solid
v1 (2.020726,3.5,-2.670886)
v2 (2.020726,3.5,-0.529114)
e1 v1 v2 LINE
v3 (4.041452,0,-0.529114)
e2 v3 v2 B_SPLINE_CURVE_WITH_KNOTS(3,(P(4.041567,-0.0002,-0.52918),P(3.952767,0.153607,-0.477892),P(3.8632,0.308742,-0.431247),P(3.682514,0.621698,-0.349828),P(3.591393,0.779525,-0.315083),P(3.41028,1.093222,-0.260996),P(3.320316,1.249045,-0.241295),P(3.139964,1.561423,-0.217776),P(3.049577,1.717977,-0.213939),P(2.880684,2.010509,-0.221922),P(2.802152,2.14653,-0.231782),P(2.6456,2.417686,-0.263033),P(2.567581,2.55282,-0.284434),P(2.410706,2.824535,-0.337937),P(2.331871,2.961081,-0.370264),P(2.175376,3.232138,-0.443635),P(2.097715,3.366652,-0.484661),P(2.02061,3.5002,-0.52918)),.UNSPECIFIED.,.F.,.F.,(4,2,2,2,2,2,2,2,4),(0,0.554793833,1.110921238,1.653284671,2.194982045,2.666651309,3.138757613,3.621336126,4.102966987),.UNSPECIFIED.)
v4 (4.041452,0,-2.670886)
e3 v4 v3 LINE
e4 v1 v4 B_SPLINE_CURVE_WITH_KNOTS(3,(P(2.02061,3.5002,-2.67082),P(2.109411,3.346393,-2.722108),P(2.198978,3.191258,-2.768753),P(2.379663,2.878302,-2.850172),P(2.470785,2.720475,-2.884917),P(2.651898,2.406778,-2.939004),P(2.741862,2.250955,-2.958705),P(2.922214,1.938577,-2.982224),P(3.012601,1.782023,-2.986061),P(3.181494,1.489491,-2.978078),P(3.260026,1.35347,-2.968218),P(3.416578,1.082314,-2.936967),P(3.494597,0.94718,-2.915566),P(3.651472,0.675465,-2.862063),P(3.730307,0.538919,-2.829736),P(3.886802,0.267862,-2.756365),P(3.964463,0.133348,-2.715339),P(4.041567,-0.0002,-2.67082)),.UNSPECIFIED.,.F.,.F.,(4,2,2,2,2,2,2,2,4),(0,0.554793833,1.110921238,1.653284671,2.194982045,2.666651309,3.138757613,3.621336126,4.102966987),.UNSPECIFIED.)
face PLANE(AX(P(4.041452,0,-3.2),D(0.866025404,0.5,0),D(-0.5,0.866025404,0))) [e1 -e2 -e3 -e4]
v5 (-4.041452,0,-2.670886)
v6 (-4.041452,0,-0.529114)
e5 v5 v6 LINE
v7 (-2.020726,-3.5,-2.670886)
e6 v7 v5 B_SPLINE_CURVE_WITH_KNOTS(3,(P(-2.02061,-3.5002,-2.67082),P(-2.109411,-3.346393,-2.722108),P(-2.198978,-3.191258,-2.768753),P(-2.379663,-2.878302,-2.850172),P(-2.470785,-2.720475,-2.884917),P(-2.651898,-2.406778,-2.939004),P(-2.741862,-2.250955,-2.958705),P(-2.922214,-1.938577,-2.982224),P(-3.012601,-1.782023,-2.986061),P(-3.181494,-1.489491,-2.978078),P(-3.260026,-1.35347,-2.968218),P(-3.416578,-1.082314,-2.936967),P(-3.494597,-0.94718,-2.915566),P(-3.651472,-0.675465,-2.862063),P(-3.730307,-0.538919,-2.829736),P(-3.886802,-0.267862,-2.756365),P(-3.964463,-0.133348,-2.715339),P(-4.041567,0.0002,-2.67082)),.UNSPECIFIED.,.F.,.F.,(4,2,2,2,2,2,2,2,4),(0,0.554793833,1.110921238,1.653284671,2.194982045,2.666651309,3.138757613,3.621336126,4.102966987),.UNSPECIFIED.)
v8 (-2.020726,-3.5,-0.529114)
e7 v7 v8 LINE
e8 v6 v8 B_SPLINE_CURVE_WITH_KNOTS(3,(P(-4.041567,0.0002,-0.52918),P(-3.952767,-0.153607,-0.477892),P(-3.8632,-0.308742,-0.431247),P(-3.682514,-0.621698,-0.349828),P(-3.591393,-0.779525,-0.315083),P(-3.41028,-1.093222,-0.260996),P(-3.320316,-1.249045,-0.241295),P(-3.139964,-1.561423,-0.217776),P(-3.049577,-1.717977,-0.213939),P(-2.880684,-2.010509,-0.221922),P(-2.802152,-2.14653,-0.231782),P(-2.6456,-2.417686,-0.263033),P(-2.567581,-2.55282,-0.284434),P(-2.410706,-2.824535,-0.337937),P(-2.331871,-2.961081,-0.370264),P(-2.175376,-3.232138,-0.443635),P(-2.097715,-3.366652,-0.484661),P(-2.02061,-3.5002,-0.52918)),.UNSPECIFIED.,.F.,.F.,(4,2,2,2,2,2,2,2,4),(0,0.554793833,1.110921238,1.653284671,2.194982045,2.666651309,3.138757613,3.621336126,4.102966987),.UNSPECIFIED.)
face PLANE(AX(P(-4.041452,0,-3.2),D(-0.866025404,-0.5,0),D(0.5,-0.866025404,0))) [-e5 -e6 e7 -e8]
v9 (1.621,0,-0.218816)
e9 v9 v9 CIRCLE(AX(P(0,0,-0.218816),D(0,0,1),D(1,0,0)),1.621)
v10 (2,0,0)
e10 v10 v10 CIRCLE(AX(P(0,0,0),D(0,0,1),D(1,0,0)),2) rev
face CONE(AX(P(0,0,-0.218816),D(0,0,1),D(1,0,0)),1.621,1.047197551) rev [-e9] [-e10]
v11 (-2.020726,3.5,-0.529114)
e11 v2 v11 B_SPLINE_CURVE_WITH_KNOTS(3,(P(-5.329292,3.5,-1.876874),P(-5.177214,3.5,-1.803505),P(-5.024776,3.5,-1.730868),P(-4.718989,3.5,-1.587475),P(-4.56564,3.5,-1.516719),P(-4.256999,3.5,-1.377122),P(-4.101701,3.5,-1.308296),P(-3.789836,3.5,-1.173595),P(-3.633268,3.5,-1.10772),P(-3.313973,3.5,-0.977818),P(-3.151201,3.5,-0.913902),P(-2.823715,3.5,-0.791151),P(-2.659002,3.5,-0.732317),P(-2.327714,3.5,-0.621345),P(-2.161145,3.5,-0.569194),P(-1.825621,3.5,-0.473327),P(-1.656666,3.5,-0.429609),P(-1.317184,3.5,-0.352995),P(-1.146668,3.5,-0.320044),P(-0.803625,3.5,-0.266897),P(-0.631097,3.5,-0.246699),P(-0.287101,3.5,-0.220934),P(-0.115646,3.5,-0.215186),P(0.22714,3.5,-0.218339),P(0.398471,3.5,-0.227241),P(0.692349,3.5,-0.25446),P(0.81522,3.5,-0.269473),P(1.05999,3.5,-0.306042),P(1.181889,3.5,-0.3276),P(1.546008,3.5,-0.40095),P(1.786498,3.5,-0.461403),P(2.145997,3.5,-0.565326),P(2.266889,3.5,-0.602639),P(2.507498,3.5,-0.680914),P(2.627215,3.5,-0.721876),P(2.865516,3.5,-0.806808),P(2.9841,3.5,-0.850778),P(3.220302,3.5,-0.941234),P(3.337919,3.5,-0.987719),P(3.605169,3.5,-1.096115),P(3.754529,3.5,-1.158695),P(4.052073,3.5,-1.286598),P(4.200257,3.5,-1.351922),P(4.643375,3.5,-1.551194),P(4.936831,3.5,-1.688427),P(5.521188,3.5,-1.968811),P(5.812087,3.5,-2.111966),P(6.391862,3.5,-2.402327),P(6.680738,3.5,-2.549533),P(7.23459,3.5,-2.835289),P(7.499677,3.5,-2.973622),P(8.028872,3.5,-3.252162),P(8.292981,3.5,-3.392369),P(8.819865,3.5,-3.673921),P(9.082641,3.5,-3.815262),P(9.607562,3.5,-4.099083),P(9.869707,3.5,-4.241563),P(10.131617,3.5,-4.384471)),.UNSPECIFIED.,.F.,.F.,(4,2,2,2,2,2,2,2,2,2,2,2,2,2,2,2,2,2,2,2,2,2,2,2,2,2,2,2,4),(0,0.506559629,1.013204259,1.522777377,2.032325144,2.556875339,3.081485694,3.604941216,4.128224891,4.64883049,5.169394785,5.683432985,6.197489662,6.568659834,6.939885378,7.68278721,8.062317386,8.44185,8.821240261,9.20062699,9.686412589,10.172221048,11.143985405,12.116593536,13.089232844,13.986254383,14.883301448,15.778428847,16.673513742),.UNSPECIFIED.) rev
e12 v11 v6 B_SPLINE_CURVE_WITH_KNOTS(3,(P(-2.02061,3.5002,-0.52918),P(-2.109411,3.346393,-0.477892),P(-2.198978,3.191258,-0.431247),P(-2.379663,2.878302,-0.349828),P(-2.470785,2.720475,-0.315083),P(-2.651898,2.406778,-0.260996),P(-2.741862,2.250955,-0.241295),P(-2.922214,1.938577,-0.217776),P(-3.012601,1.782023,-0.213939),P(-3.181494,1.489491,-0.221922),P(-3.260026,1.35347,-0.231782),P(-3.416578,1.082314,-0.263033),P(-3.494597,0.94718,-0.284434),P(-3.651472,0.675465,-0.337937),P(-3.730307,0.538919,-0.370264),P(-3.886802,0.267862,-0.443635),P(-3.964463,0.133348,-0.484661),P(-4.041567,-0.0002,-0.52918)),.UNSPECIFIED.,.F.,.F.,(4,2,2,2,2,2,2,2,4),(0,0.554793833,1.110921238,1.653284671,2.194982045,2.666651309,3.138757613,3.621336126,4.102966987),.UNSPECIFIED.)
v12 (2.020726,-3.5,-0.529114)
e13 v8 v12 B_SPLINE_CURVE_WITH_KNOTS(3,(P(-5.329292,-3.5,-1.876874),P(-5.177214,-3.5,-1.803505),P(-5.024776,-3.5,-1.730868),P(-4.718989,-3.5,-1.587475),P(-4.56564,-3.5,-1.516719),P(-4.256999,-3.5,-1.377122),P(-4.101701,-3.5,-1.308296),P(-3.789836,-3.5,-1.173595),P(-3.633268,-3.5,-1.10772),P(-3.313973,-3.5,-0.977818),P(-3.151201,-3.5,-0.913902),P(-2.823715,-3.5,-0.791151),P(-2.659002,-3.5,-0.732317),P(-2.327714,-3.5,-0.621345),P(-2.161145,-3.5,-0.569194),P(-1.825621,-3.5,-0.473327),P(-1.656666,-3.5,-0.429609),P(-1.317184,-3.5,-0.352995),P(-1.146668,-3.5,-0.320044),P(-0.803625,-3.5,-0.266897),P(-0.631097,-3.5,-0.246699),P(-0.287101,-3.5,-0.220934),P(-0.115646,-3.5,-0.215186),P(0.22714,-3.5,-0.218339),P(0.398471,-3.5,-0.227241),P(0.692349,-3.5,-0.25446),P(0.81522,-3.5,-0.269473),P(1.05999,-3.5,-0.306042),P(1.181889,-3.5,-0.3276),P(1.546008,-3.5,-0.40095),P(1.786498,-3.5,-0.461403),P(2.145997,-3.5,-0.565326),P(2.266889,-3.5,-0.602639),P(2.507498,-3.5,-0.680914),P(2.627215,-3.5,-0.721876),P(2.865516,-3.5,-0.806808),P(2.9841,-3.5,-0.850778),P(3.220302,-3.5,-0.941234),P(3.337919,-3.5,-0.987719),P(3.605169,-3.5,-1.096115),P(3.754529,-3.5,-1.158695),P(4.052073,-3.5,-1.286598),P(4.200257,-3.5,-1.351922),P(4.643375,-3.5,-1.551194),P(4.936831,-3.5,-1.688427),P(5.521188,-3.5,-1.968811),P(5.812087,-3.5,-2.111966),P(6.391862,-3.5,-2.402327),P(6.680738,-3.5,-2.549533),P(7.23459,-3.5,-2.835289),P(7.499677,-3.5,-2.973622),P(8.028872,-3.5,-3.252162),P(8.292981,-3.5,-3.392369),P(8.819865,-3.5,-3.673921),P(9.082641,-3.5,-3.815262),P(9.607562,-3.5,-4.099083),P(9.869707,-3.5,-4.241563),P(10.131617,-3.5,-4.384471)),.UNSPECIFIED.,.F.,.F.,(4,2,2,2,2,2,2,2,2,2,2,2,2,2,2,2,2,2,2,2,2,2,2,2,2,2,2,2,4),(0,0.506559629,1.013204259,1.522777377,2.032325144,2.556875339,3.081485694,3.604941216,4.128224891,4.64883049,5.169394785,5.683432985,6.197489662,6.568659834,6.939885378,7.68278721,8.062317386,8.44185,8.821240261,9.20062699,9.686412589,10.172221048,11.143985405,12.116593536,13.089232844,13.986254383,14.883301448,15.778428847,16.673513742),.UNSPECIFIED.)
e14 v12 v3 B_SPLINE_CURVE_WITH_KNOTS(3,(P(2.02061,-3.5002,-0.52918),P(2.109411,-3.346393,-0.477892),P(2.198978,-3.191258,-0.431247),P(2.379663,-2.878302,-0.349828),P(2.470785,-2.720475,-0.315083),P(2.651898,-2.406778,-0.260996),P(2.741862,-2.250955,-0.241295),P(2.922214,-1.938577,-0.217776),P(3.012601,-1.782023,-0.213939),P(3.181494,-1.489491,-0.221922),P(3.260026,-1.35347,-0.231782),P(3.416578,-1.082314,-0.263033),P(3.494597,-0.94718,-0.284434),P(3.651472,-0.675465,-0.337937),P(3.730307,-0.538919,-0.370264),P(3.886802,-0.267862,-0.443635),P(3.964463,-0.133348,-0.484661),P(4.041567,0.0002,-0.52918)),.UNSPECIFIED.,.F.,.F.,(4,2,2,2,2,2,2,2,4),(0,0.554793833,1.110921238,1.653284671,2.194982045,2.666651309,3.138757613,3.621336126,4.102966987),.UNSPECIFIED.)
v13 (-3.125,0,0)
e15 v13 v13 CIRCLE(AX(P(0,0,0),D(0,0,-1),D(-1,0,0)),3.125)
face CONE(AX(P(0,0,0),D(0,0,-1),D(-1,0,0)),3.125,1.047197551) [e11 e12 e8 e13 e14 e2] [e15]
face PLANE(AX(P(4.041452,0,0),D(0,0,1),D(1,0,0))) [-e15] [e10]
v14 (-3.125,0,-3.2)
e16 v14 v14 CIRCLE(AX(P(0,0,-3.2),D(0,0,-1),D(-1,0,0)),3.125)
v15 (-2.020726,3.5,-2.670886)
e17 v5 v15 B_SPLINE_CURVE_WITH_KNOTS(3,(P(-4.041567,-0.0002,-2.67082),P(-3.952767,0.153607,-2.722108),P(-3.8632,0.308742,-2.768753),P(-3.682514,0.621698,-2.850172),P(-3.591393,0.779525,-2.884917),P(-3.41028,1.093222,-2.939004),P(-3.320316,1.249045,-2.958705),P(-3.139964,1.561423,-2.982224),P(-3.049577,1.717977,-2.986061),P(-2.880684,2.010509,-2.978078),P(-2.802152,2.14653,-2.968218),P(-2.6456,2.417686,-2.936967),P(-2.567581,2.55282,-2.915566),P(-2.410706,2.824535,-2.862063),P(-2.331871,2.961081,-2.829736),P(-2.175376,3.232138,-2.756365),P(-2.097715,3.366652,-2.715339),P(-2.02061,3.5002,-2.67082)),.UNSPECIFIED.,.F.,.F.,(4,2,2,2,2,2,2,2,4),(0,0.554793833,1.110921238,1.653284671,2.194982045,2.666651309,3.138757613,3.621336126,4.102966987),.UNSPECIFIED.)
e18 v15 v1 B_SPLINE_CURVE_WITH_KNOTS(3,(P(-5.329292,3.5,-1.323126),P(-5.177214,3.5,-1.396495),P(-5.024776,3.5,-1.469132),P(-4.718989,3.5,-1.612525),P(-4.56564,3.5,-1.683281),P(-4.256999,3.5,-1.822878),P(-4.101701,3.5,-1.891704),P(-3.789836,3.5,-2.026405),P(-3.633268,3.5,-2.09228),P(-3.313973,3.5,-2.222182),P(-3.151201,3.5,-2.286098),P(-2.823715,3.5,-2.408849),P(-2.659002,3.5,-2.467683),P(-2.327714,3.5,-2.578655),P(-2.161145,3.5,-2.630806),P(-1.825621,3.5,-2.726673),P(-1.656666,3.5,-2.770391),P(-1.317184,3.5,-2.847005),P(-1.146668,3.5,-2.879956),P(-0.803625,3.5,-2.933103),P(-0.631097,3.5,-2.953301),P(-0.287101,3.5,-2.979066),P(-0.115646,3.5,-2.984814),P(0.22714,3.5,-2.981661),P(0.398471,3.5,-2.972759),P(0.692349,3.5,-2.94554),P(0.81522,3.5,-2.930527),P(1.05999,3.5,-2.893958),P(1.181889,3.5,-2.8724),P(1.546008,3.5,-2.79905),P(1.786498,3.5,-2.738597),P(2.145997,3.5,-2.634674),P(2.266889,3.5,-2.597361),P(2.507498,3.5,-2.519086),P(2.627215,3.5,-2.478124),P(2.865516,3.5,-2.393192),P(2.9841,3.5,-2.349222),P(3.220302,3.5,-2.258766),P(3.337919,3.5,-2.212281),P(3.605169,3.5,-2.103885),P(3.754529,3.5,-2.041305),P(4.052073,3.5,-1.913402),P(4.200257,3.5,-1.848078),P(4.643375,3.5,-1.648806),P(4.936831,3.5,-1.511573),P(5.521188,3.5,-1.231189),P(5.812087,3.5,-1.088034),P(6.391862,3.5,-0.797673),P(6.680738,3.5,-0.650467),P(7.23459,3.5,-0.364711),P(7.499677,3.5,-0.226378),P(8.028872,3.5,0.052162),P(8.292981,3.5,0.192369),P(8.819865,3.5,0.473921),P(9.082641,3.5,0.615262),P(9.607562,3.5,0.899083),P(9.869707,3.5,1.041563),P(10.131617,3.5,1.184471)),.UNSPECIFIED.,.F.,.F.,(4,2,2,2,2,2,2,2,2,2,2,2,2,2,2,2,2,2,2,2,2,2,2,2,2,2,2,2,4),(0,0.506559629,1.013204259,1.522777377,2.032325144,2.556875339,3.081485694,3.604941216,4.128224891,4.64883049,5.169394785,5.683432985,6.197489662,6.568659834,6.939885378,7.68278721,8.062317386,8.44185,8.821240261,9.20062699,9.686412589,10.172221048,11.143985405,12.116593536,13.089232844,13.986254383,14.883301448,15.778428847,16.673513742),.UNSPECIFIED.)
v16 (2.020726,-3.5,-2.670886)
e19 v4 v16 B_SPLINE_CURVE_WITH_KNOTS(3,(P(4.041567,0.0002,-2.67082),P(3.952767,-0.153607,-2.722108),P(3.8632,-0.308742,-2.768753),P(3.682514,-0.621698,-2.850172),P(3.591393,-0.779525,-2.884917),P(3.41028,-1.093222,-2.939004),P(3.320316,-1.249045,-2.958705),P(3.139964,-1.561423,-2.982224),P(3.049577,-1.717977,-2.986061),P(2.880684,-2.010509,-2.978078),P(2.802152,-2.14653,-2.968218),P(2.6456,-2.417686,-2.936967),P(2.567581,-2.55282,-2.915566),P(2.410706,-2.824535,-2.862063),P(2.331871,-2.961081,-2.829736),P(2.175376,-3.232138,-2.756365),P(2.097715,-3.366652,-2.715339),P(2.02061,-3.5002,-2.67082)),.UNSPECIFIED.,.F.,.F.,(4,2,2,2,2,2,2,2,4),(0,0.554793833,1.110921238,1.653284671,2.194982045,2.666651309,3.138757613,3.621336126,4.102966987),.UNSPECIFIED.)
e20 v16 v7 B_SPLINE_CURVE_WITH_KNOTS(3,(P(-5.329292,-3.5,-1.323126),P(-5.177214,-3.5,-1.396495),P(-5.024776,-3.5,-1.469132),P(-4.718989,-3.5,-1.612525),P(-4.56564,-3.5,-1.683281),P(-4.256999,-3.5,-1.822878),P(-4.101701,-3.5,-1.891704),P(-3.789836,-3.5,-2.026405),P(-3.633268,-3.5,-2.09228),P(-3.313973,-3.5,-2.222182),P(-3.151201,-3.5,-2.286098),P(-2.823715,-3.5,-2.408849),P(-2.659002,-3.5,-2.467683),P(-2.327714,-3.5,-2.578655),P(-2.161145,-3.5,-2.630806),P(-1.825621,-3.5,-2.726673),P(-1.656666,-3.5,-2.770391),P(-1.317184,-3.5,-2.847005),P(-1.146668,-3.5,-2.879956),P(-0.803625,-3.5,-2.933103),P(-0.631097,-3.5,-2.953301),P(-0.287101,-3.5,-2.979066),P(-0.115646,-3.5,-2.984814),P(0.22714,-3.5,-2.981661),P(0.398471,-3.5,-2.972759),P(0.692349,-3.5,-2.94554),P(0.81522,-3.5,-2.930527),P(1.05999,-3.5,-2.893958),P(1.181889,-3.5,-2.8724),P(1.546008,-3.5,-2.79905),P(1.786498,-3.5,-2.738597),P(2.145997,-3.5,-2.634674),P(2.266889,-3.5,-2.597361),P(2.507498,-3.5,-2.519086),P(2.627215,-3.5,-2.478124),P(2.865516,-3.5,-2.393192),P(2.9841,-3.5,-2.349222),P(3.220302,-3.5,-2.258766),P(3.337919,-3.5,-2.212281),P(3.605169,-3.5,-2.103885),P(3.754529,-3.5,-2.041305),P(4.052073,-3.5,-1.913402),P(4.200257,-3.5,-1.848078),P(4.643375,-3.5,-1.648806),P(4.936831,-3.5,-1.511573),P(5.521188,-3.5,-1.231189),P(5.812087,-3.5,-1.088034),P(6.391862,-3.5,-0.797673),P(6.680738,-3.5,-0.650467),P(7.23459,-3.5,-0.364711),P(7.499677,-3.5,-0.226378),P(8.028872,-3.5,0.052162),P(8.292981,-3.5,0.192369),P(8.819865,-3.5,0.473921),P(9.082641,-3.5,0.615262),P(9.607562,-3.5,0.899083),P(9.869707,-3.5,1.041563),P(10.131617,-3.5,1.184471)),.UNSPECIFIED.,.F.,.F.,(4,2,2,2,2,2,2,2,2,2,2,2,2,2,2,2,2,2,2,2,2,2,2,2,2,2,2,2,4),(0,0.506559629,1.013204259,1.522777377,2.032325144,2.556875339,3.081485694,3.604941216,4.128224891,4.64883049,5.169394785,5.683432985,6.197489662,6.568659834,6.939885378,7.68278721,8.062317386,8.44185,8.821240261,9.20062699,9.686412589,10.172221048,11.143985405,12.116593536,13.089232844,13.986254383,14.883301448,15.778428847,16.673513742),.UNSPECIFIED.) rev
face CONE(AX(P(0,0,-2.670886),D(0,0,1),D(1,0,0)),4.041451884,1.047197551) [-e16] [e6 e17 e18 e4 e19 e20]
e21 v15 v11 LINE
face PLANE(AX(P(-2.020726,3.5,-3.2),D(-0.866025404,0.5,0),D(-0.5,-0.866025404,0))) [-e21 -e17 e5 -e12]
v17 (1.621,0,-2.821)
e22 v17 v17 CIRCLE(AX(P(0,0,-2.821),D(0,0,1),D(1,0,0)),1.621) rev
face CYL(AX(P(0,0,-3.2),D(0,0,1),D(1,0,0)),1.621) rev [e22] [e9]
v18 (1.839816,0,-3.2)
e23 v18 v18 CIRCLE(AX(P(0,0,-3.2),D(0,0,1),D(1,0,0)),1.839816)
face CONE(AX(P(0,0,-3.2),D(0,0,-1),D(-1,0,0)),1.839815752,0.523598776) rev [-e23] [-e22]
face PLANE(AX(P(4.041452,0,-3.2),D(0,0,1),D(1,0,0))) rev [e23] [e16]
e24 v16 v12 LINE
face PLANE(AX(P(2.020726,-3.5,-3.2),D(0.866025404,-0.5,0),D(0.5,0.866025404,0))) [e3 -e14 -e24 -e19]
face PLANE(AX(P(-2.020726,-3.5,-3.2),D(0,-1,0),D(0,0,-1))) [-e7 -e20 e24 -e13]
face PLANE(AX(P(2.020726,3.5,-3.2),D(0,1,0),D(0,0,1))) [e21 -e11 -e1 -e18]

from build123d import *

# Parameters (mm, degrees)
SKETCH1_R               = 1.621
BASENUT_DEPTH           = 3.2
ENDCHAMFER_SIZE         = 0.379
ENDCHAMFER_SIZE2        = 0.218815752
ENDCHAMFER_PART_2_SIZE  = 0.379
ENDCHAMFER_PART_2_SIZE2 = 0.218815752


with BuildPart() as part:
    # Sketch1 → BaseNut (new body)
    with BuildSketch(Plane.XY):
        Polygon((4.041451884, 0), (2.020725942, 3.5), (-2.020725942, 3.5), (-4.041451884, 0), (-2.020725942, -3.5), (2.020725942, -3.5), align=None)
        Circle(SKETCH1_R, mode=Mode.SUBTRACT)
    extrude(amount=-BASENUT_DEPTH)

    # Sketch2 → Double-Chamfer (revolve, cut)
    with BuildSketch(Plane(origin=(0, 0, 0), x_dir=(1, 0, 0), z_dir=(0, 1, 0))):
        Polygon((-4.041451884, 3.2), (-3.125, 3.2), (-4.041451884, 2.670886258), align=None)
        Polygon((-4.041451884, 0.529113742), (-4.041451884, 0), (-3.125, 0), align=None)
    revolve(axis=Axis((0, 0, -3.375940562), (0, 0, 1)), mode=Mode.SUBTRACT)

    # EndChamfer
    endchamfer_edges = [part.edges().sort_by_distance(p)[0] for p in [
        (-1.621, 0, -3.2),
    ]]
    endchamfer_side = [part.faces().sort_by_distance(p)[0] for p in [
        (-1.621, 0, -1.6),
    ]]
    chamfer(endchamfer_edges, length=ENDCHAMFER_SIZE, length2=ENDCHAMFER_SIZE2, reference=endchamfer_side[0])

    # EndChamfer part 2
    endchamfer_part_2_edges = [part.edges().sort_by_distance(p)[0] for p in [
        (-1.621, 0, 0),
    ]]
    endchamfer_part_2_side = [part.faces().sort_by_distance(p)[0] for p in [
        (3.036611652, 0, 0),
    ]]
    chamfer(endchamfer_part_2_edges, length=ENDCHAMFER_PART_2_SIZE, length2=ENDCHAMFER_PART_2_SIZE2, reference=endchamfer_part_2_side[0])


solid = part.part
